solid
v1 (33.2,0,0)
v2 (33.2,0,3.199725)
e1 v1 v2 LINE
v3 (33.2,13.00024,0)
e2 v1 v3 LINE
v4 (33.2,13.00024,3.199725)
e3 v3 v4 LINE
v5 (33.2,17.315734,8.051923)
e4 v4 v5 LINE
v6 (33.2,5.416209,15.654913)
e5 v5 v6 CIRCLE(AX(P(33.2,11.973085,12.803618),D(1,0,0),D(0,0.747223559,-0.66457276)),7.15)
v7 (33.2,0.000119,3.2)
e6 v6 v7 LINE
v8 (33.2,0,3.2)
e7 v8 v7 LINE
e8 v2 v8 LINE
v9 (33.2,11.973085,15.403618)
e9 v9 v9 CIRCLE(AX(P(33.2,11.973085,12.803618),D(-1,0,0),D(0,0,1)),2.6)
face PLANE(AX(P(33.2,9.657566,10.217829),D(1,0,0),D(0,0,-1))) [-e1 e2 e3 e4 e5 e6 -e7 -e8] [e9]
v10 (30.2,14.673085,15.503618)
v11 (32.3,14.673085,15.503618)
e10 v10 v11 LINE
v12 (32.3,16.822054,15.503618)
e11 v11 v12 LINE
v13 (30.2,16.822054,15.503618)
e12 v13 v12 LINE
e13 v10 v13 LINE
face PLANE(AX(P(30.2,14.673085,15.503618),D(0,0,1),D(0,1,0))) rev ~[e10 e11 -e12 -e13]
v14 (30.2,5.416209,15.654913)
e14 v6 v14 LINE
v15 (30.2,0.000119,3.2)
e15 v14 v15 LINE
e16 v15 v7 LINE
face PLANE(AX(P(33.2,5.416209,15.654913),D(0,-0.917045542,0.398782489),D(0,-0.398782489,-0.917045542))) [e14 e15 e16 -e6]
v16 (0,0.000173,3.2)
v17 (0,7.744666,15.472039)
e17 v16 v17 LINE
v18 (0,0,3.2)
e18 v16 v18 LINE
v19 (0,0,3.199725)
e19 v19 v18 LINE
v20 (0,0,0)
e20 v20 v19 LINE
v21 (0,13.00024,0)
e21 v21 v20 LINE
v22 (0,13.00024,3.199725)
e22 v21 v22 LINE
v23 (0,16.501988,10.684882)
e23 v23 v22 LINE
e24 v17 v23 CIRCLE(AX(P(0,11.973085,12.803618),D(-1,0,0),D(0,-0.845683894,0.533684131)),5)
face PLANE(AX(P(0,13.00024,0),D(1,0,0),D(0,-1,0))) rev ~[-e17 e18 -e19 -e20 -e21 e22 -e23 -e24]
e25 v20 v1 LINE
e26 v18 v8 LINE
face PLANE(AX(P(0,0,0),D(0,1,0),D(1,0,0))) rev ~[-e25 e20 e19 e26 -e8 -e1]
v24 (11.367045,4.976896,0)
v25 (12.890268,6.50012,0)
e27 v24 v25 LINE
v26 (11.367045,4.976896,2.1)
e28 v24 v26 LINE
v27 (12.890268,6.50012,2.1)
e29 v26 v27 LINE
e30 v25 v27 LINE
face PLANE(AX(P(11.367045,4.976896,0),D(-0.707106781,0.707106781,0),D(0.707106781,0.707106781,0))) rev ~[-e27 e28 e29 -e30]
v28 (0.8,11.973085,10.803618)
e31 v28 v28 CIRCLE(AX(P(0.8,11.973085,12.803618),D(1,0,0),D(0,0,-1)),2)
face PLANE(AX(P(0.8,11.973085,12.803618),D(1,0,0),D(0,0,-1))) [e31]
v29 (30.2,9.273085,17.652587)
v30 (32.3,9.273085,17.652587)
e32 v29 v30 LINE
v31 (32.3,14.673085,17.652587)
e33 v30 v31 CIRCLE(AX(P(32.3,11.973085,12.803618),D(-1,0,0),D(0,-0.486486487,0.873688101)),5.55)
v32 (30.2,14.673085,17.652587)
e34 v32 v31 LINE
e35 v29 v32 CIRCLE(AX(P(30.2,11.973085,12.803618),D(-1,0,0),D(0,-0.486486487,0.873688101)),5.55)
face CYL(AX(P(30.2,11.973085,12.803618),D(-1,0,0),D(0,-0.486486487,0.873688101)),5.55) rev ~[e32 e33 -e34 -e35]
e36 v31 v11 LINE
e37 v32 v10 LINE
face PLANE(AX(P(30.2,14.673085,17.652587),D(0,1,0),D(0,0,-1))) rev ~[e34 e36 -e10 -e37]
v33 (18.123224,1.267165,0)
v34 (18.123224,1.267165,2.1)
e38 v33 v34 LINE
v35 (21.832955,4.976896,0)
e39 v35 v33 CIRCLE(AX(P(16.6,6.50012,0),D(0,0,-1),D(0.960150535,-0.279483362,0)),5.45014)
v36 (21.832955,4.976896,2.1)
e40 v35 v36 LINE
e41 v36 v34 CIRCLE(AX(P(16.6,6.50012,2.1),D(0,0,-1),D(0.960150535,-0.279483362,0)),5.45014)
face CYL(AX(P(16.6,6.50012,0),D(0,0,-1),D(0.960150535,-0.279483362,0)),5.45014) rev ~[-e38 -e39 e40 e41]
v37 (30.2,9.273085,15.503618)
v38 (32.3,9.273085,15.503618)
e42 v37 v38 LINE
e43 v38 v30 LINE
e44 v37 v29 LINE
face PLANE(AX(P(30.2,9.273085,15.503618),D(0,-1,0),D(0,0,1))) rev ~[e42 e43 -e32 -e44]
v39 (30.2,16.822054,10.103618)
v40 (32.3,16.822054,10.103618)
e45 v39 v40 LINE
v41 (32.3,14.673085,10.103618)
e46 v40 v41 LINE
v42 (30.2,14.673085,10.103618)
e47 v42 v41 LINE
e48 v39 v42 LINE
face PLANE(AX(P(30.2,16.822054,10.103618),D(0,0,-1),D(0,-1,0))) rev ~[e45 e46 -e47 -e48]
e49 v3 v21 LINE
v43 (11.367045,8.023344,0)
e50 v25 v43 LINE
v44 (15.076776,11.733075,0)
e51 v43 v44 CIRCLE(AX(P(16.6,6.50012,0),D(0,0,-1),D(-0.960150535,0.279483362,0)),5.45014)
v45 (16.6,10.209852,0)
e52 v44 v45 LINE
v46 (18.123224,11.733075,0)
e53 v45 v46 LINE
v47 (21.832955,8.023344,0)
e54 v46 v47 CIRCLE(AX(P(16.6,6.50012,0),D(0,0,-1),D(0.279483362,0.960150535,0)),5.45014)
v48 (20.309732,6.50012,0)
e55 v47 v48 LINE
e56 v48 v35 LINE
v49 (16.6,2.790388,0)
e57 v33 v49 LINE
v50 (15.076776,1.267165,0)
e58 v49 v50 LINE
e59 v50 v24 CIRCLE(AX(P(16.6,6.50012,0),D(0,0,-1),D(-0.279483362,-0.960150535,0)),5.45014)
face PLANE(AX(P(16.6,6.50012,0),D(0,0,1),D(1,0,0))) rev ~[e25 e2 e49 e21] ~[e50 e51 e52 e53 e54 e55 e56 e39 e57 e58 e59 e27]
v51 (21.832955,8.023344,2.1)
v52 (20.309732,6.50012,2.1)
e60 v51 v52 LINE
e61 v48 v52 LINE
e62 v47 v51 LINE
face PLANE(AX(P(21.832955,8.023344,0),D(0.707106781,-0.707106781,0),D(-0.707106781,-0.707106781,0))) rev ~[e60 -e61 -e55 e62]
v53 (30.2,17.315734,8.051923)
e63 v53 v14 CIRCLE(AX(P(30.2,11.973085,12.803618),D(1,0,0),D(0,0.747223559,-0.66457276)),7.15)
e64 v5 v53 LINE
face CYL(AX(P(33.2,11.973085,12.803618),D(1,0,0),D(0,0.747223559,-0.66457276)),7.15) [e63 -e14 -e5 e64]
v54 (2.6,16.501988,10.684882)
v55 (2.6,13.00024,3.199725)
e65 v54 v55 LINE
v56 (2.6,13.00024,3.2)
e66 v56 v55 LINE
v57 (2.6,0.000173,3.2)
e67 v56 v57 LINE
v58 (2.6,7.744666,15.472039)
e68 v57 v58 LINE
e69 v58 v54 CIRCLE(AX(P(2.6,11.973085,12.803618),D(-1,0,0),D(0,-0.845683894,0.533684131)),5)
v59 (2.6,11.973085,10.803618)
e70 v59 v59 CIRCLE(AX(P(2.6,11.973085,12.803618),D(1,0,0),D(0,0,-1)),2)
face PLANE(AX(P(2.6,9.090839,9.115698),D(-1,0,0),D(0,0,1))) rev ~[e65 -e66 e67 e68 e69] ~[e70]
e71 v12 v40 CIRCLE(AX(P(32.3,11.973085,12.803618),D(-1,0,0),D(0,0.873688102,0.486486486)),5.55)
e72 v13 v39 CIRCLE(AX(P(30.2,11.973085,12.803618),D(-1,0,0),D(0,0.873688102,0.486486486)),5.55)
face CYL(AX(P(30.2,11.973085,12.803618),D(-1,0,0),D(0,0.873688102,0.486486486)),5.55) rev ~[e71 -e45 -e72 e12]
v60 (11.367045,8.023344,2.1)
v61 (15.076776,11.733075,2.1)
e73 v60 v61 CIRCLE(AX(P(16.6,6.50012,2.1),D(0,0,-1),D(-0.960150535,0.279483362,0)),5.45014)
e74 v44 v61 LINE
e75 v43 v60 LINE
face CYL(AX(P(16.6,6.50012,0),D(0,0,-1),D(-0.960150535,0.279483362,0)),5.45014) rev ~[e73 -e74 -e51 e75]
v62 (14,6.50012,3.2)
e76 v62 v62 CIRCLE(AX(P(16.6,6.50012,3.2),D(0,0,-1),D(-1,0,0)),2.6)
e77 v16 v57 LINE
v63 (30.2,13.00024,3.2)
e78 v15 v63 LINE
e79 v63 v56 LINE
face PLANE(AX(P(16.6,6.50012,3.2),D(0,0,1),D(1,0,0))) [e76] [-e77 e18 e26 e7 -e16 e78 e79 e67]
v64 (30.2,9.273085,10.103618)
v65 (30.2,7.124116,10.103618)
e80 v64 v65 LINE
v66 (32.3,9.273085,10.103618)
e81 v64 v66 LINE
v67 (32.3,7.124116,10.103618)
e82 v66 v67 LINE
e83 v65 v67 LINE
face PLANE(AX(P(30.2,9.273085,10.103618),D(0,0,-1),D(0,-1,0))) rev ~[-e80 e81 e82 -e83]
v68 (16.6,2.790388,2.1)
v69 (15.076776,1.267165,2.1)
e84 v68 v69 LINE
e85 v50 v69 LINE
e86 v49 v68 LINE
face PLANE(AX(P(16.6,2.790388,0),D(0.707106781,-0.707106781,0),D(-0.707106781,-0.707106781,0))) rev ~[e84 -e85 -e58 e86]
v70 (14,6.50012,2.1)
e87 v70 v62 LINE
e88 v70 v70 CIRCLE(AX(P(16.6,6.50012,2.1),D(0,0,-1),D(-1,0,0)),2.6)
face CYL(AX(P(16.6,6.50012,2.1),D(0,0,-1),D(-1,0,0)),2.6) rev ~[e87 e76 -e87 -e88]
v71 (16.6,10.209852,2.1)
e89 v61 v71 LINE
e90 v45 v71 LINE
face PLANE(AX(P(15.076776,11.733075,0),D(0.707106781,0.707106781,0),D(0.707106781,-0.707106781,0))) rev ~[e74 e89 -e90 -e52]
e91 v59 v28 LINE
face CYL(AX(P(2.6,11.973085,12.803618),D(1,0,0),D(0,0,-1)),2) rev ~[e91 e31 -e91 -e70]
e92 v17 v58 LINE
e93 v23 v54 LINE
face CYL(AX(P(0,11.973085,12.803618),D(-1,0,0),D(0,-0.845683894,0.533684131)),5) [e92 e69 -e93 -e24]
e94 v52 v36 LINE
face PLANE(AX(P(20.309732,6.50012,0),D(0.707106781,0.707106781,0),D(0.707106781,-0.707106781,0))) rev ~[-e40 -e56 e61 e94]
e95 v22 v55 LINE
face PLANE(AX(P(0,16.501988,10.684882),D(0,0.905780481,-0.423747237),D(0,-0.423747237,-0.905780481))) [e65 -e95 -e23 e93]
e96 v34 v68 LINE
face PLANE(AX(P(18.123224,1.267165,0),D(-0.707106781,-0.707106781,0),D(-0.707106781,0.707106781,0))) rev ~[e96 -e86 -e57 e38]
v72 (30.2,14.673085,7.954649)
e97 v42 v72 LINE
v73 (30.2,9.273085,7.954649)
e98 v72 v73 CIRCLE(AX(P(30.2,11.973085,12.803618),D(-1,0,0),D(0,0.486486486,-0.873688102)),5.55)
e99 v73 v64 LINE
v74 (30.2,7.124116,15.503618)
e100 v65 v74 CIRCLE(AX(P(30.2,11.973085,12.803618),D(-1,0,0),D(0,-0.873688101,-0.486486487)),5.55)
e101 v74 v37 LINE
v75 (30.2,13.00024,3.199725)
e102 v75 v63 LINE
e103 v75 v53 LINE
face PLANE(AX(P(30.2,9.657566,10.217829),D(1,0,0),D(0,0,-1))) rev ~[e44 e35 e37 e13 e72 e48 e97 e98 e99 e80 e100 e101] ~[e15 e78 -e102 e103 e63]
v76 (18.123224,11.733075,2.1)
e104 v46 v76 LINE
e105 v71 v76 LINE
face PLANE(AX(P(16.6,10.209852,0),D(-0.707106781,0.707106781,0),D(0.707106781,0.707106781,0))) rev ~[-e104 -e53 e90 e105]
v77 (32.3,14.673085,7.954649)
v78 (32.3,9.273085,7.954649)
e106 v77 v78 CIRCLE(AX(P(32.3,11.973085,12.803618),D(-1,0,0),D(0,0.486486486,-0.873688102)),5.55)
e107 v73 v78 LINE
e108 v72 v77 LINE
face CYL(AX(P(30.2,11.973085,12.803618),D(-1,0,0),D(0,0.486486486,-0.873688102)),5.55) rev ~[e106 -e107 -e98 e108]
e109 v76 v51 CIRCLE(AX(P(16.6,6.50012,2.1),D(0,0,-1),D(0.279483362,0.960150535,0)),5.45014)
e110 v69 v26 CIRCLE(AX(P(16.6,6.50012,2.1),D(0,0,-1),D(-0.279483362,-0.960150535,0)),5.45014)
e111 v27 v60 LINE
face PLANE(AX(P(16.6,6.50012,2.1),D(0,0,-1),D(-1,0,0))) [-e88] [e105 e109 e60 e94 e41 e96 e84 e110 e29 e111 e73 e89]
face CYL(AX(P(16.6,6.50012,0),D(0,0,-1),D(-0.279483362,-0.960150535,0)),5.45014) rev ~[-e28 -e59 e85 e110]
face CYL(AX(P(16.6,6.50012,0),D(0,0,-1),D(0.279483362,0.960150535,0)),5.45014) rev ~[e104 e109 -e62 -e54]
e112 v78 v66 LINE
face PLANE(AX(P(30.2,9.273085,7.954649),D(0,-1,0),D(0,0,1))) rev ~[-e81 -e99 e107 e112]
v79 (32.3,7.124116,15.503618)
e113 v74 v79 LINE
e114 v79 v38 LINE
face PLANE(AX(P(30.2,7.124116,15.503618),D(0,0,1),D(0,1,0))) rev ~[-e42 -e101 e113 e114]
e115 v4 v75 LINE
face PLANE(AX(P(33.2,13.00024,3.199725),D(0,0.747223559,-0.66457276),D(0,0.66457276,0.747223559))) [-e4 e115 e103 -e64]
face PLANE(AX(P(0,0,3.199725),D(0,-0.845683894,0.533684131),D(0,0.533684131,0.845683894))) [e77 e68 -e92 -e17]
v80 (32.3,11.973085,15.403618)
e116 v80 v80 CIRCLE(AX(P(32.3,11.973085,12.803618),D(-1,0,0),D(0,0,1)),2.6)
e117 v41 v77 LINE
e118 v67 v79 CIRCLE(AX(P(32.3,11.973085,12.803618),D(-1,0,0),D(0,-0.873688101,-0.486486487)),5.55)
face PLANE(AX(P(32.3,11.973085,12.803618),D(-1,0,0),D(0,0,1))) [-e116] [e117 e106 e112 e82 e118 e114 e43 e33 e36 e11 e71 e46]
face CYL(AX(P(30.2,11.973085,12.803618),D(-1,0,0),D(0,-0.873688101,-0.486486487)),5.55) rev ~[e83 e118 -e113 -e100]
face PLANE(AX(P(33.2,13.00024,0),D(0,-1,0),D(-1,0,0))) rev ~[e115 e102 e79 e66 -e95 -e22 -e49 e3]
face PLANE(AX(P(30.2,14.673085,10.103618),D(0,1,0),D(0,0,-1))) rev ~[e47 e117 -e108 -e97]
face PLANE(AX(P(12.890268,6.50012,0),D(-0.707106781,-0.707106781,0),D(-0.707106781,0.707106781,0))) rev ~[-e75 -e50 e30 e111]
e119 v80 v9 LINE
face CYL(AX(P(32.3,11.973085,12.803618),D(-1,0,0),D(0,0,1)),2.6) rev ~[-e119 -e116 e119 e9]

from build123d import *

# Parameters (mm, degrees)
EXTRUDE_1_DEPTH     = 3.2
EXTRUDE_2_DEPTH     = 2.6
EXTRUDE_3_DEPTH     = 3
CUT_EXTRUDE_1_DEPTH = 2.1
SKETCH_5_R          = 2.6
CUT_EXTRUDE_2_DEPTH = 1.1
CUT_EXTRUDE_3_DEPTH = 2.1
SKETCH_7_R          = 2.6
CUT_EXTRUDE_4_DEPTH = 0.9
SKETCH_8_R          = 2
CUT_EXTRUDE_5_DEPTH = 1.8


with BuildPart() as part:
    # ｽｹｯﾁ1 → ﾎﾞｽ - 押し出し1 (new body)
    with BuildSketch(Plane.XY):
        Polygon((0, 0), (13.621587752, 0), (19.578412248, 0), (33.2, 0), (33.2, 13.000240072), (19.578412248, 13.000240072), (13.621587752, 13.000240072), (0, 13.000240072), align=None)
    extrude(amount=EXTRUDE_1_DEPTH)

    # ｽｹｯﾁ2 → ﾎﾞｽ - 押し出し2 (add)
    with BuildSketch(Plane.ZY):
        with BuildLine():
            Line((3.199725342, 0), (15.472038891, 7.74466563))
            ThreePointArc((15.472038891, 7.74466563), (17.190896421, 14.371374104), (10.684882054, 16.501987504))
            Line((10.684882054, 16.501987504), (3.199725342, 13.000240072))
            Line((3.199725342, 13.000240072), (3.199725342, 0))
        make_face()
    extrude(amount=-EXTRUDE_2_DEPTH)

    # ｽｹｯﾁ3 → ﾎﾞｽ - 押し出し3 (add)
    with BuildSketch(Plane(origin=(33.2, 0, 0), x_dir=(0, 0, -1), z_dir=(1, 0, 0))):
        with BuildLine():
            Line((-3.199725342, 13.000240072), (-8.051923005, 17.315733546))
            ThreePointArc((-8.051923005, 17.315733546), (-18.828777882, 15.822754082), (-15.654913036, 5.416209475))
            Line((-15.654913036, 5.416209475), (-3.199725342, 0))
            Line((-3.199725342, 0), (-3.199725342, 13.000240072))
        make_face()
    extrude(amount=-EXTRUDE_3_DEPTH)

    # ｽｹｯﾁ4 → ｶｯﾄ - 押し出し1 (cut)
    with BuildSketch(Plane(origin=(0, 0, 0), x_dir=(-1, 0, 0), z_dir=(0, 0, -1))):
        with BuildLine():
            Line((-21.832955241, 8.023343606), (-20.309731671, 6.500120036))
            Line((-20.309731671, 6.500120036), (-21.832955241, 4.976896465))
            ThreePointArc((-21.832955241, 4.976896465), (-20.45383125, 2.646288786), (-18.12322357, 1.267164795))
            Line((-18.12322357, 1.267164795), (-16.6, 2.790388365))
            Line((-16.6, 2.790388365), (-15.07677643, 1.267164795))
            ThreePointArc((-15.07677643, 1.267164795), (-12.74616875, 2.646288786), (-11.367044759, 4.976896465))
            Line((-11.367044759, 4.976896465), (-12.890268329, 6.500120036))
            Line((-12.890268329, 6.500120036), (-11.367044759, 8.023343606))
            ThreePointArc((-11.367044759, 8.023343606), (-12.74616875, 10.353951285), (-15.07677643, 11.733075277))
            Line((-15.07677643, 11.733075277), (-16.6, 10.209851706))
            Line((-16.6, 10.209851706), (-18.12322357, 11.733075277))
            ThreePointArc((-18.12322357, 11.733075277), (-20.45383125, 10.353951285), (-21.832955241, 8.023343606))
        make_face()
    extrude(amount=-CUT_EXTRUDE_1_DEPTH, mode=Mode.SUBTRACT)

    # ｽｹｯﾁ5 → ｶｯﾄ - 押し出し2 (cut)
    with BuildSketch(Plane(origin=(0, 0, 2.1), x_dir=(-1, 0, 0), z_dir=(0, 0, -1))):
        with Locations((-16.6, 6.500120036)):
            Circle(SKETCH_5_R)
    extrude(amount=-CUT_EXTRUDE_2_DEPTH, mode=Mode.SUBTRACT)

    # ｽｹｯﾁ6 → ｶｯﾄ - 押し出し3 (cut)
    with BuildSketch(Plane.ZY.offset(-30.2)):
        with BuildLine():
            Line((15.503618238, 7.124116138), (15.503618238, 9.2730851))
            Line((15.503618238, 9.2730851), (17.6525872, 9.2730851))
            ThreePointArc((17.6525872, 9.2730851), (18.353618238, 11.9730851), (17.6525872, 14.6730851))
            Line((17.6525872, 14.6730851), (15.503618238, 14.6730851))
            Line((15.503618238, 14.6730851), (15.503618238, 16.822054063))
            ThreePointArc((15.503618238, 16.822054063), (12.803618238, 17.5230851), (10.103618238, 16.822054063))
            Line((10.103618238, 16.822054063), (10.103618238, 14.6730851))
            Line((10.103618238, 14.6730851), (7.954649275, 14.6730851))
            ThreePointArc((7.954649275, 14.6730851), (7.253618238, 11.9730851), (7.954649275, 9.2730851))
            Line((7.954649275, 9.2730851), (10.103618238, 9.2730851))
            Line((10.103618238, 9.2730851), (10.103618238, 7.124116138))
            ThreePointArc((10.103618238, 7.124116138), (12.803618238, 6.4230851), (15.503618238, 7.124116138))
        make_face()
    extrude(amount=-CUT_EXTRUDE_3_DEPTH, mode=Mode.SUBTRACT)

    # ｽｹｯﾁ7 → ｶｯﾄ - 押し出し4 (cut)
    with BuildSketch(Plane.ZY.offset(-32.3)):
        with Locations((12.803618238, 11.9730851)):
            Circle(SKETCH_7_R)
    extrude(amount=-CUT_EXTRUDE_4_DEPTH, mode=Mode.SUBTRACT)

    # ｽｹｯﾁ8 → ｶｯﾄ - 押し出し5 (cut)
    with BuildSketch(Plane(origin=(2.6, 0, 0), x_dir=(0, 0, -1), z_dir=(1, 0, 0))):
        with Locations((-12.803618238, 11.9730851)):
            Circle(SKETCH_8_R)
    extrude(amount=-CUT_EXTRUDE_5_DEPTH, mode=Mode.SUBTRACT)


solid = part.part
